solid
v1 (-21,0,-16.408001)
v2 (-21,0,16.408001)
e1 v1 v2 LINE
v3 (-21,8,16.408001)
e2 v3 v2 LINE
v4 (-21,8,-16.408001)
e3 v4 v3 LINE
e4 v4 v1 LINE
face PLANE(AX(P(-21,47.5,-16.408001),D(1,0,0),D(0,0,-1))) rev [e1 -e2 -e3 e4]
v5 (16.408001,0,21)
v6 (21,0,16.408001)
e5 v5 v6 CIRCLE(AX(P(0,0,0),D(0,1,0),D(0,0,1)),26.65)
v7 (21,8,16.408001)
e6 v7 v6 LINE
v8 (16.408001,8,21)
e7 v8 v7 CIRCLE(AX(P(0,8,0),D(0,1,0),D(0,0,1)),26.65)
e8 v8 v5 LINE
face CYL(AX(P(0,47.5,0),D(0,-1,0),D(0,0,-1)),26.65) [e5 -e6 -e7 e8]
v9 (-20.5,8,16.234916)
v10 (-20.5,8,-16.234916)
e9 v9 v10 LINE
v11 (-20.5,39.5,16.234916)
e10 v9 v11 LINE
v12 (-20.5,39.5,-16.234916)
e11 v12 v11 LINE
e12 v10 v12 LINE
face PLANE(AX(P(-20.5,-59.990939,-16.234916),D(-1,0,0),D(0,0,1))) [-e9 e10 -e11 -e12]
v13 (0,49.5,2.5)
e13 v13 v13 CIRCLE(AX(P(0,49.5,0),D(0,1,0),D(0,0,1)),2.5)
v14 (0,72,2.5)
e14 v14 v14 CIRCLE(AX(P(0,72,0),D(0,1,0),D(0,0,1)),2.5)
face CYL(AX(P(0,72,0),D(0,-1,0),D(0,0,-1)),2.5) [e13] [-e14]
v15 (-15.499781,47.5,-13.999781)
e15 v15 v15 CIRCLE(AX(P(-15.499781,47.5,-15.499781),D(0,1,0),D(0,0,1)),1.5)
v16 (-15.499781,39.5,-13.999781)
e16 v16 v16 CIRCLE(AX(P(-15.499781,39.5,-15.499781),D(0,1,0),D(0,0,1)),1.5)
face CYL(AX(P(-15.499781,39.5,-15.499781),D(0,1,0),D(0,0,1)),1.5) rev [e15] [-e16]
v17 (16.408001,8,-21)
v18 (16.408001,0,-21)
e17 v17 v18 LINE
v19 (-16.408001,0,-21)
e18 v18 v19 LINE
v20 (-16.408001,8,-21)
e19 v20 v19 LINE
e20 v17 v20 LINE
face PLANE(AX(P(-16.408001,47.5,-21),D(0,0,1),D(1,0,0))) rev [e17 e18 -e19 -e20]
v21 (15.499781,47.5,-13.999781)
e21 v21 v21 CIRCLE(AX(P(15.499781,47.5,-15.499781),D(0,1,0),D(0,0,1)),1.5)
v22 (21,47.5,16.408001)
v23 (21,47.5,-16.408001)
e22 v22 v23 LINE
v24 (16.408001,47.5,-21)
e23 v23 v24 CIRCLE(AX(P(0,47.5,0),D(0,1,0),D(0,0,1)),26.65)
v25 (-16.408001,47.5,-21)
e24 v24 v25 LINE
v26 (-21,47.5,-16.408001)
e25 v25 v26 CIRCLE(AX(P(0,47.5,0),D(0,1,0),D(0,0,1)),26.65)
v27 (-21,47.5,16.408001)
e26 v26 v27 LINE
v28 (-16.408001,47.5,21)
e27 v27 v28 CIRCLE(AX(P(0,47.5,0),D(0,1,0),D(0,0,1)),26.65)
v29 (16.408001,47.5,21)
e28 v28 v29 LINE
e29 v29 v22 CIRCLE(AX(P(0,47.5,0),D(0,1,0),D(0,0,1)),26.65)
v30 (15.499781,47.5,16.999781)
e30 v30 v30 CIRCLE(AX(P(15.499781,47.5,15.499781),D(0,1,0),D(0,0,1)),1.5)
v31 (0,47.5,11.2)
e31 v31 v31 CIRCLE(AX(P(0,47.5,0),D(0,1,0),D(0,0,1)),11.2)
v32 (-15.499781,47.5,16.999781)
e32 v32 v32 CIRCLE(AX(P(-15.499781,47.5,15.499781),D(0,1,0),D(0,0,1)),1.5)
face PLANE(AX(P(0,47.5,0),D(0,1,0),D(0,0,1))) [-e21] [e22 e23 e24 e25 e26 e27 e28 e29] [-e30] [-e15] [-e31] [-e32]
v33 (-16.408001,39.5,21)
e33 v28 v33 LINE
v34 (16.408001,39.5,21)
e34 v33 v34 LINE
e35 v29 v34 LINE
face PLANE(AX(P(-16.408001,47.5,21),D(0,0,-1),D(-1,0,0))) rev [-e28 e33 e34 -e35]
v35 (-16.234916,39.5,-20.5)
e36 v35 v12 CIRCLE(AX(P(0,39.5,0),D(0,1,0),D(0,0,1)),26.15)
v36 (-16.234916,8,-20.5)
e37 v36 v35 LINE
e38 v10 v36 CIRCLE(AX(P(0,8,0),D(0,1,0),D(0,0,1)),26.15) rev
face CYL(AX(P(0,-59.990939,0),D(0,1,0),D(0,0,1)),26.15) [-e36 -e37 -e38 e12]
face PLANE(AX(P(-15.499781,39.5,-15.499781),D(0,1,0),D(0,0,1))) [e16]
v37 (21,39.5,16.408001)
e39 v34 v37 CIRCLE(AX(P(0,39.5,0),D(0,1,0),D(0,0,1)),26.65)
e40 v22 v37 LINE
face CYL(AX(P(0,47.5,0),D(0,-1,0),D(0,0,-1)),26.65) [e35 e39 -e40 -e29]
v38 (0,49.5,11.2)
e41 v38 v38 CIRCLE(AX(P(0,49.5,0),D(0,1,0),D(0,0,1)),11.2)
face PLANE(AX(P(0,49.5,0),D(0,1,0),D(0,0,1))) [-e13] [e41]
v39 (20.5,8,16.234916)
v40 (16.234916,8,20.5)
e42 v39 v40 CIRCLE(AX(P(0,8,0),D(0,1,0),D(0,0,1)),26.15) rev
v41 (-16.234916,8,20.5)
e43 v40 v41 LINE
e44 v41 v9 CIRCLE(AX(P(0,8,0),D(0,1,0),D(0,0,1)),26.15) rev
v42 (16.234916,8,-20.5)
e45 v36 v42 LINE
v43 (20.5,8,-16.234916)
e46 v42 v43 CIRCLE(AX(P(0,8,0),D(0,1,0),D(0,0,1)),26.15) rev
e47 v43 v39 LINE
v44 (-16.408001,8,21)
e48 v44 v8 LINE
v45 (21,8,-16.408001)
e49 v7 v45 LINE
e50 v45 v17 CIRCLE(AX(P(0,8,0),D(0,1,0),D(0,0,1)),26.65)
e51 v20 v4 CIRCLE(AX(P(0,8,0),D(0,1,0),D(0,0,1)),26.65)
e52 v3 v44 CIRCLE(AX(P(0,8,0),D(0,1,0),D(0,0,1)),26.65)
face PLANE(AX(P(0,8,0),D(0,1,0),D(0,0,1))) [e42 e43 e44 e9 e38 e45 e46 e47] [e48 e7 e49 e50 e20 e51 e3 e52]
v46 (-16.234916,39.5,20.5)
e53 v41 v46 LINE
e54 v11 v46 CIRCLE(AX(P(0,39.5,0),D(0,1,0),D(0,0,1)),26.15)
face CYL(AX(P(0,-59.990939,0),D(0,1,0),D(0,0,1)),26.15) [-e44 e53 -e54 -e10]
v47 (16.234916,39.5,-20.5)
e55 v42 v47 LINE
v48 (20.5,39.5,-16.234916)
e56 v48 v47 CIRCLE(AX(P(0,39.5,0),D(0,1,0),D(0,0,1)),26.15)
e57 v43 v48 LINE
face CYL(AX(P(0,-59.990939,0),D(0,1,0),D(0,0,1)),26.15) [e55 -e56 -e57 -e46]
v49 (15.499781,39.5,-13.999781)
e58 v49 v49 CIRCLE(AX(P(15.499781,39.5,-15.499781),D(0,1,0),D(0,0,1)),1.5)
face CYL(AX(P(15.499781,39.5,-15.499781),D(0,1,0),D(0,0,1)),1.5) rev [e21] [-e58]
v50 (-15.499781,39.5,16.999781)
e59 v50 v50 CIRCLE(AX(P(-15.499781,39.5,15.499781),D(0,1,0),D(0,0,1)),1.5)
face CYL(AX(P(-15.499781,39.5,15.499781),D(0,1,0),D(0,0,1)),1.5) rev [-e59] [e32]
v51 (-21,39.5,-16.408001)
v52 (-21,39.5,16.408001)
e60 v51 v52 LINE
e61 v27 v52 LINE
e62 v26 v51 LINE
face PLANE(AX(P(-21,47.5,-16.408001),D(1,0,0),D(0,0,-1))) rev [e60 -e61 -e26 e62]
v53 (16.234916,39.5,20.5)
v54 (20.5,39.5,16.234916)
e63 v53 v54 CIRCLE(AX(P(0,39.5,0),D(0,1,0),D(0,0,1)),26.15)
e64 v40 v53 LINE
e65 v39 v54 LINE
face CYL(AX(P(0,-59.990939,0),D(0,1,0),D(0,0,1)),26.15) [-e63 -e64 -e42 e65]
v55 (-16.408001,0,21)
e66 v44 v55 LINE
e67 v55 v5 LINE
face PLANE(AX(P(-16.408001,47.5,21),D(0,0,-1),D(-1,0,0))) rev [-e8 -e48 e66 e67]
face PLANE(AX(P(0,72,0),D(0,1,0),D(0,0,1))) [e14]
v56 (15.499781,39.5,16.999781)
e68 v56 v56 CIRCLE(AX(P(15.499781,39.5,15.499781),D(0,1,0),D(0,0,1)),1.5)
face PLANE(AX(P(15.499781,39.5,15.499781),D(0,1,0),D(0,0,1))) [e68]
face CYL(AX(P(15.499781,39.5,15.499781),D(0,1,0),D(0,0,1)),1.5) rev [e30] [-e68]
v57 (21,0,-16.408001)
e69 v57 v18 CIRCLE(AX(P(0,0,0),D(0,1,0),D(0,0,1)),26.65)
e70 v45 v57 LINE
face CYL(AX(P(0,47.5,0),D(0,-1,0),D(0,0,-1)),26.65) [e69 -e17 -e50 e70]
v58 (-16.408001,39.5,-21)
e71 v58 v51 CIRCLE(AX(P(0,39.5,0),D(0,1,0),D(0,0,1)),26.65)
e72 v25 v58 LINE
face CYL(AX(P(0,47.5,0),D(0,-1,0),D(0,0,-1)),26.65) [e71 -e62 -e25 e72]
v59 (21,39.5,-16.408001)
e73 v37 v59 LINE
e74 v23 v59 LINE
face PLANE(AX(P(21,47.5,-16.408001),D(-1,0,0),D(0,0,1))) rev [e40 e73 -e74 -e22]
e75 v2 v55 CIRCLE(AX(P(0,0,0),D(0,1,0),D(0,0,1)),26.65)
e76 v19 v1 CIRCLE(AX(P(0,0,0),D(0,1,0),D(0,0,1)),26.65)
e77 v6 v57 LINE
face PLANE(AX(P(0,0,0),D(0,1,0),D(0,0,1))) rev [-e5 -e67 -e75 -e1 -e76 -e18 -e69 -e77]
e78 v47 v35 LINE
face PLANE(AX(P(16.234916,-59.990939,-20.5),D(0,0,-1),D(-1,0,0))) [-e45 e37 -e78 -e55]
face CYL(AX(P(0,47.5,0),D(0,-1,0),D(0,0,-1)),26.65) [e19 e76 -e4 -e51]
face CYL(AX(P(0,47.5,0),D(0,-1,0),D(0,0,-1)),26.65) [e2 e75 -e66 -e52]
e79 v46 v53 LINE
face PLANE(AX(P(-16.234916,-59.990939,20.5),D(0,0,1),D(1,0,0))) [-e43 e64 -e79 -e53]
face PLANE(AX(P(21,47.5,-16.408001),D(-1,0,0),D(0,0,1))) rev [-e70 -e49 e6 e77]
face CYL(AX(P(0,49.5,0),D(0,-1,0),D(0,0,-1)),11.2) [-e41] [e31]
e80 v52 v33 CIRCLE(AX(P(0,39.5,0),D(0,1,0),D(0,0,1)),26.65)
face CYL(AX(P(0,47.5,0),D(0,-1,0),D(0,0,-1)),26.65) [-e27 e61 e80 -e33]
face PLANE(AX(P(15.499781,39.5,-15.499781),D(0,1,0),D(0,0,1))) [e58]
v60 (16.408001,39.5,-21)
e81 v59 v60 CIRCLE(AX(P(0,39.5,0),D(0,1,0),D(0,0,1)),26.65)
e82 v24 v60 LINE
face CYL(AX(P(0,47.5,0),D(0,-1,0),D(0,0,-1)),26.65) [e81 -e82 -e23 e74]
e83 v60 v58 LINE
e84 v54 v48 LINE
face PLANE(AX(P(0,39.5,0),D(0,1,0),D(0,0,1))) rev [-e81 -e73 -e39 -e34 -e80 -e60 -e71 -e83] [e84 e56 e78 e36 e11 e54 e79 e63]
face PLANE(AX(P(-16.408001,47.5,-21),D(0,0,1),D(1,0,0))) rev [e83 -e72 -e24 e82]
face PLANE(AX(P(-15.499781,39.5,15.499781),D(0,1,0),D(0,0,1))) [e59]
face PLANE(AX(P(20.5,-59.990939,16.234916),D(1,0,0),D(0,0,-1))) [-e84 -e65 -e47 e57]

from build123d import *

# Parameters (mm, degrees)
BOSS_EXTRUDE1_DEPTH = 47.5
SKETCH2_R           = 1.5
CUT_EXTRUDE1_DEPTH  = 8
SKETCH3_R           = 11.2
BOSS_EXTRUDE2_DEPTH = 2
SKETCH4_R           = 2.5
BOSS_EXTRUDE3_DEPTH = 22.5
CUT_EXTRUDE2_START  = -8
SKETCH5_OUTSIDE_W   = 62.668
SKETCH5_OUTSIDE_H   = 62.668
CUT_EXTRUDE2_DEPTH  = 31.5


with BuildPart() as part:
    # Sketch1 → Boss-Extrude1 (new body)
    with BuildSketch(Plane(origin=(0, 0, 0), x_dir=(1, 0, 0), z_dir=(0, 1, 0))):
        with BuildLine():
            Line((-16.408001097, 21), (16.408001097, 21))
            ThreePointArc((16.408001097, 21), (18.844395719, 18.844395719), (21, 16.408001097))
            Line((21, 16.408001097), (21, -16.408001097))
            ThreePointArc((21, -16.408001097), (18.844395719, -18.844395719), (16.408001097, -21))
            Line((16.408001097, -21), (-16.408001097, -21))
            ThreePointArc((-16.408001097, -21), (-18.844395719, -18.844395719), (-21, -16.408001097))
            Line((-21, -16.408001097), (-21, 16.408001097))
            ThreePointArc((-21, 16.408001097), (-18.844395719, 18.844395719), (-16.408001097, 21))
        make_face()
    extrude(amount=BOSS_EXTRUDE1_DEPTH)

    # Sketch2 → Cut-Extrude1 (cut)
    with BuildSketch(Plane(origin=(0, 47.5, 0), x_dir=(1, 0, 0), z_dir=(0, 1, 0))):
        with Locations((-15.499780644, 15.499780644)):
            Circle(SKETCH2_R)
        with Locations((-15.499780644, -15.499780644)):
            Circle(SKETCH2_R)
        with Locations((15.499780644, -15.499780644)):
            Circle(SKETCH2_R)
        with Locations((15.499780644, 15.499780644)):
            Circle(SKETCH2_R)
    extrude(amount=-CUT_EXTRUDE1_DEPTH, mode=Mode.SUBTRACT)

    # Sketch3 → Boss-Extrude2 (add)
    with BuildSketch(Plane(origin=(0, 47.5, 0), x_dir=(1, 0, 0), z_dir=(0, 1, 0))):
        Circle(SKETCH3_R)
    extrude(amount=BOSS_EXTRUDE2_DEPTH)

    # Sketch4 → Boss-Extrude3 (add)
    with BuildSketch(Plane(origin=(0, 49.5, 0), x_dir=(1, 0, 0), z_dir=(0, 1, 0))):
        Circle(SKETCH4_R)
    extrude(amount=BOSS_EXTRUDE3_DEPTH)

    # Sketch5 outside → Cut-Extrude2 (cut)
    with BuildSketch(Plane(origin=(0, 47.5, 0), x_dir=(1, 0, 0), z_dir=(0, 1, 0)).offset(CUT_EXTRUDE2_START)):
        Rectangle(SKETCH5_OUTSIDE_W, SKETCH5_OUTSIDE_H)
        with BuildLine():
            Line((-20.5, 16.234916076), (-20.5, -16.234916076))
            ThreePointArc((-20.5, -16.234916076), (-18.490842328, -18.490842328), (-16.234916076, -20.5))
            Line((-16.234916076, -20.5), (16.234916076, -20.5))
            ThreePointArc((16.234916076, -20.5), (18.490842328, -18.490842328), (20.5, -16.234916076))
            Line((20.5, -16.234916076), (20.5, 16.234916076))
            ThreePointArc((20.5, 16.234916076), (18.490842328, 18.490842328), (16.234916076, 20.5))
            Line((16.234916076, 20.5), (-16.234916076, 20.5))
            ThreePointArc((-16.234916076, 20.5), (-18.490842328, 18.490842328), (-20.5, 16.234916076))
        make_face(mode=Mode.SUBTRACT)
    extrude(amount=-CUT_EXTRUDE2_DEPTH, mode=Mode.SUBTRACT)


solid = part.part
